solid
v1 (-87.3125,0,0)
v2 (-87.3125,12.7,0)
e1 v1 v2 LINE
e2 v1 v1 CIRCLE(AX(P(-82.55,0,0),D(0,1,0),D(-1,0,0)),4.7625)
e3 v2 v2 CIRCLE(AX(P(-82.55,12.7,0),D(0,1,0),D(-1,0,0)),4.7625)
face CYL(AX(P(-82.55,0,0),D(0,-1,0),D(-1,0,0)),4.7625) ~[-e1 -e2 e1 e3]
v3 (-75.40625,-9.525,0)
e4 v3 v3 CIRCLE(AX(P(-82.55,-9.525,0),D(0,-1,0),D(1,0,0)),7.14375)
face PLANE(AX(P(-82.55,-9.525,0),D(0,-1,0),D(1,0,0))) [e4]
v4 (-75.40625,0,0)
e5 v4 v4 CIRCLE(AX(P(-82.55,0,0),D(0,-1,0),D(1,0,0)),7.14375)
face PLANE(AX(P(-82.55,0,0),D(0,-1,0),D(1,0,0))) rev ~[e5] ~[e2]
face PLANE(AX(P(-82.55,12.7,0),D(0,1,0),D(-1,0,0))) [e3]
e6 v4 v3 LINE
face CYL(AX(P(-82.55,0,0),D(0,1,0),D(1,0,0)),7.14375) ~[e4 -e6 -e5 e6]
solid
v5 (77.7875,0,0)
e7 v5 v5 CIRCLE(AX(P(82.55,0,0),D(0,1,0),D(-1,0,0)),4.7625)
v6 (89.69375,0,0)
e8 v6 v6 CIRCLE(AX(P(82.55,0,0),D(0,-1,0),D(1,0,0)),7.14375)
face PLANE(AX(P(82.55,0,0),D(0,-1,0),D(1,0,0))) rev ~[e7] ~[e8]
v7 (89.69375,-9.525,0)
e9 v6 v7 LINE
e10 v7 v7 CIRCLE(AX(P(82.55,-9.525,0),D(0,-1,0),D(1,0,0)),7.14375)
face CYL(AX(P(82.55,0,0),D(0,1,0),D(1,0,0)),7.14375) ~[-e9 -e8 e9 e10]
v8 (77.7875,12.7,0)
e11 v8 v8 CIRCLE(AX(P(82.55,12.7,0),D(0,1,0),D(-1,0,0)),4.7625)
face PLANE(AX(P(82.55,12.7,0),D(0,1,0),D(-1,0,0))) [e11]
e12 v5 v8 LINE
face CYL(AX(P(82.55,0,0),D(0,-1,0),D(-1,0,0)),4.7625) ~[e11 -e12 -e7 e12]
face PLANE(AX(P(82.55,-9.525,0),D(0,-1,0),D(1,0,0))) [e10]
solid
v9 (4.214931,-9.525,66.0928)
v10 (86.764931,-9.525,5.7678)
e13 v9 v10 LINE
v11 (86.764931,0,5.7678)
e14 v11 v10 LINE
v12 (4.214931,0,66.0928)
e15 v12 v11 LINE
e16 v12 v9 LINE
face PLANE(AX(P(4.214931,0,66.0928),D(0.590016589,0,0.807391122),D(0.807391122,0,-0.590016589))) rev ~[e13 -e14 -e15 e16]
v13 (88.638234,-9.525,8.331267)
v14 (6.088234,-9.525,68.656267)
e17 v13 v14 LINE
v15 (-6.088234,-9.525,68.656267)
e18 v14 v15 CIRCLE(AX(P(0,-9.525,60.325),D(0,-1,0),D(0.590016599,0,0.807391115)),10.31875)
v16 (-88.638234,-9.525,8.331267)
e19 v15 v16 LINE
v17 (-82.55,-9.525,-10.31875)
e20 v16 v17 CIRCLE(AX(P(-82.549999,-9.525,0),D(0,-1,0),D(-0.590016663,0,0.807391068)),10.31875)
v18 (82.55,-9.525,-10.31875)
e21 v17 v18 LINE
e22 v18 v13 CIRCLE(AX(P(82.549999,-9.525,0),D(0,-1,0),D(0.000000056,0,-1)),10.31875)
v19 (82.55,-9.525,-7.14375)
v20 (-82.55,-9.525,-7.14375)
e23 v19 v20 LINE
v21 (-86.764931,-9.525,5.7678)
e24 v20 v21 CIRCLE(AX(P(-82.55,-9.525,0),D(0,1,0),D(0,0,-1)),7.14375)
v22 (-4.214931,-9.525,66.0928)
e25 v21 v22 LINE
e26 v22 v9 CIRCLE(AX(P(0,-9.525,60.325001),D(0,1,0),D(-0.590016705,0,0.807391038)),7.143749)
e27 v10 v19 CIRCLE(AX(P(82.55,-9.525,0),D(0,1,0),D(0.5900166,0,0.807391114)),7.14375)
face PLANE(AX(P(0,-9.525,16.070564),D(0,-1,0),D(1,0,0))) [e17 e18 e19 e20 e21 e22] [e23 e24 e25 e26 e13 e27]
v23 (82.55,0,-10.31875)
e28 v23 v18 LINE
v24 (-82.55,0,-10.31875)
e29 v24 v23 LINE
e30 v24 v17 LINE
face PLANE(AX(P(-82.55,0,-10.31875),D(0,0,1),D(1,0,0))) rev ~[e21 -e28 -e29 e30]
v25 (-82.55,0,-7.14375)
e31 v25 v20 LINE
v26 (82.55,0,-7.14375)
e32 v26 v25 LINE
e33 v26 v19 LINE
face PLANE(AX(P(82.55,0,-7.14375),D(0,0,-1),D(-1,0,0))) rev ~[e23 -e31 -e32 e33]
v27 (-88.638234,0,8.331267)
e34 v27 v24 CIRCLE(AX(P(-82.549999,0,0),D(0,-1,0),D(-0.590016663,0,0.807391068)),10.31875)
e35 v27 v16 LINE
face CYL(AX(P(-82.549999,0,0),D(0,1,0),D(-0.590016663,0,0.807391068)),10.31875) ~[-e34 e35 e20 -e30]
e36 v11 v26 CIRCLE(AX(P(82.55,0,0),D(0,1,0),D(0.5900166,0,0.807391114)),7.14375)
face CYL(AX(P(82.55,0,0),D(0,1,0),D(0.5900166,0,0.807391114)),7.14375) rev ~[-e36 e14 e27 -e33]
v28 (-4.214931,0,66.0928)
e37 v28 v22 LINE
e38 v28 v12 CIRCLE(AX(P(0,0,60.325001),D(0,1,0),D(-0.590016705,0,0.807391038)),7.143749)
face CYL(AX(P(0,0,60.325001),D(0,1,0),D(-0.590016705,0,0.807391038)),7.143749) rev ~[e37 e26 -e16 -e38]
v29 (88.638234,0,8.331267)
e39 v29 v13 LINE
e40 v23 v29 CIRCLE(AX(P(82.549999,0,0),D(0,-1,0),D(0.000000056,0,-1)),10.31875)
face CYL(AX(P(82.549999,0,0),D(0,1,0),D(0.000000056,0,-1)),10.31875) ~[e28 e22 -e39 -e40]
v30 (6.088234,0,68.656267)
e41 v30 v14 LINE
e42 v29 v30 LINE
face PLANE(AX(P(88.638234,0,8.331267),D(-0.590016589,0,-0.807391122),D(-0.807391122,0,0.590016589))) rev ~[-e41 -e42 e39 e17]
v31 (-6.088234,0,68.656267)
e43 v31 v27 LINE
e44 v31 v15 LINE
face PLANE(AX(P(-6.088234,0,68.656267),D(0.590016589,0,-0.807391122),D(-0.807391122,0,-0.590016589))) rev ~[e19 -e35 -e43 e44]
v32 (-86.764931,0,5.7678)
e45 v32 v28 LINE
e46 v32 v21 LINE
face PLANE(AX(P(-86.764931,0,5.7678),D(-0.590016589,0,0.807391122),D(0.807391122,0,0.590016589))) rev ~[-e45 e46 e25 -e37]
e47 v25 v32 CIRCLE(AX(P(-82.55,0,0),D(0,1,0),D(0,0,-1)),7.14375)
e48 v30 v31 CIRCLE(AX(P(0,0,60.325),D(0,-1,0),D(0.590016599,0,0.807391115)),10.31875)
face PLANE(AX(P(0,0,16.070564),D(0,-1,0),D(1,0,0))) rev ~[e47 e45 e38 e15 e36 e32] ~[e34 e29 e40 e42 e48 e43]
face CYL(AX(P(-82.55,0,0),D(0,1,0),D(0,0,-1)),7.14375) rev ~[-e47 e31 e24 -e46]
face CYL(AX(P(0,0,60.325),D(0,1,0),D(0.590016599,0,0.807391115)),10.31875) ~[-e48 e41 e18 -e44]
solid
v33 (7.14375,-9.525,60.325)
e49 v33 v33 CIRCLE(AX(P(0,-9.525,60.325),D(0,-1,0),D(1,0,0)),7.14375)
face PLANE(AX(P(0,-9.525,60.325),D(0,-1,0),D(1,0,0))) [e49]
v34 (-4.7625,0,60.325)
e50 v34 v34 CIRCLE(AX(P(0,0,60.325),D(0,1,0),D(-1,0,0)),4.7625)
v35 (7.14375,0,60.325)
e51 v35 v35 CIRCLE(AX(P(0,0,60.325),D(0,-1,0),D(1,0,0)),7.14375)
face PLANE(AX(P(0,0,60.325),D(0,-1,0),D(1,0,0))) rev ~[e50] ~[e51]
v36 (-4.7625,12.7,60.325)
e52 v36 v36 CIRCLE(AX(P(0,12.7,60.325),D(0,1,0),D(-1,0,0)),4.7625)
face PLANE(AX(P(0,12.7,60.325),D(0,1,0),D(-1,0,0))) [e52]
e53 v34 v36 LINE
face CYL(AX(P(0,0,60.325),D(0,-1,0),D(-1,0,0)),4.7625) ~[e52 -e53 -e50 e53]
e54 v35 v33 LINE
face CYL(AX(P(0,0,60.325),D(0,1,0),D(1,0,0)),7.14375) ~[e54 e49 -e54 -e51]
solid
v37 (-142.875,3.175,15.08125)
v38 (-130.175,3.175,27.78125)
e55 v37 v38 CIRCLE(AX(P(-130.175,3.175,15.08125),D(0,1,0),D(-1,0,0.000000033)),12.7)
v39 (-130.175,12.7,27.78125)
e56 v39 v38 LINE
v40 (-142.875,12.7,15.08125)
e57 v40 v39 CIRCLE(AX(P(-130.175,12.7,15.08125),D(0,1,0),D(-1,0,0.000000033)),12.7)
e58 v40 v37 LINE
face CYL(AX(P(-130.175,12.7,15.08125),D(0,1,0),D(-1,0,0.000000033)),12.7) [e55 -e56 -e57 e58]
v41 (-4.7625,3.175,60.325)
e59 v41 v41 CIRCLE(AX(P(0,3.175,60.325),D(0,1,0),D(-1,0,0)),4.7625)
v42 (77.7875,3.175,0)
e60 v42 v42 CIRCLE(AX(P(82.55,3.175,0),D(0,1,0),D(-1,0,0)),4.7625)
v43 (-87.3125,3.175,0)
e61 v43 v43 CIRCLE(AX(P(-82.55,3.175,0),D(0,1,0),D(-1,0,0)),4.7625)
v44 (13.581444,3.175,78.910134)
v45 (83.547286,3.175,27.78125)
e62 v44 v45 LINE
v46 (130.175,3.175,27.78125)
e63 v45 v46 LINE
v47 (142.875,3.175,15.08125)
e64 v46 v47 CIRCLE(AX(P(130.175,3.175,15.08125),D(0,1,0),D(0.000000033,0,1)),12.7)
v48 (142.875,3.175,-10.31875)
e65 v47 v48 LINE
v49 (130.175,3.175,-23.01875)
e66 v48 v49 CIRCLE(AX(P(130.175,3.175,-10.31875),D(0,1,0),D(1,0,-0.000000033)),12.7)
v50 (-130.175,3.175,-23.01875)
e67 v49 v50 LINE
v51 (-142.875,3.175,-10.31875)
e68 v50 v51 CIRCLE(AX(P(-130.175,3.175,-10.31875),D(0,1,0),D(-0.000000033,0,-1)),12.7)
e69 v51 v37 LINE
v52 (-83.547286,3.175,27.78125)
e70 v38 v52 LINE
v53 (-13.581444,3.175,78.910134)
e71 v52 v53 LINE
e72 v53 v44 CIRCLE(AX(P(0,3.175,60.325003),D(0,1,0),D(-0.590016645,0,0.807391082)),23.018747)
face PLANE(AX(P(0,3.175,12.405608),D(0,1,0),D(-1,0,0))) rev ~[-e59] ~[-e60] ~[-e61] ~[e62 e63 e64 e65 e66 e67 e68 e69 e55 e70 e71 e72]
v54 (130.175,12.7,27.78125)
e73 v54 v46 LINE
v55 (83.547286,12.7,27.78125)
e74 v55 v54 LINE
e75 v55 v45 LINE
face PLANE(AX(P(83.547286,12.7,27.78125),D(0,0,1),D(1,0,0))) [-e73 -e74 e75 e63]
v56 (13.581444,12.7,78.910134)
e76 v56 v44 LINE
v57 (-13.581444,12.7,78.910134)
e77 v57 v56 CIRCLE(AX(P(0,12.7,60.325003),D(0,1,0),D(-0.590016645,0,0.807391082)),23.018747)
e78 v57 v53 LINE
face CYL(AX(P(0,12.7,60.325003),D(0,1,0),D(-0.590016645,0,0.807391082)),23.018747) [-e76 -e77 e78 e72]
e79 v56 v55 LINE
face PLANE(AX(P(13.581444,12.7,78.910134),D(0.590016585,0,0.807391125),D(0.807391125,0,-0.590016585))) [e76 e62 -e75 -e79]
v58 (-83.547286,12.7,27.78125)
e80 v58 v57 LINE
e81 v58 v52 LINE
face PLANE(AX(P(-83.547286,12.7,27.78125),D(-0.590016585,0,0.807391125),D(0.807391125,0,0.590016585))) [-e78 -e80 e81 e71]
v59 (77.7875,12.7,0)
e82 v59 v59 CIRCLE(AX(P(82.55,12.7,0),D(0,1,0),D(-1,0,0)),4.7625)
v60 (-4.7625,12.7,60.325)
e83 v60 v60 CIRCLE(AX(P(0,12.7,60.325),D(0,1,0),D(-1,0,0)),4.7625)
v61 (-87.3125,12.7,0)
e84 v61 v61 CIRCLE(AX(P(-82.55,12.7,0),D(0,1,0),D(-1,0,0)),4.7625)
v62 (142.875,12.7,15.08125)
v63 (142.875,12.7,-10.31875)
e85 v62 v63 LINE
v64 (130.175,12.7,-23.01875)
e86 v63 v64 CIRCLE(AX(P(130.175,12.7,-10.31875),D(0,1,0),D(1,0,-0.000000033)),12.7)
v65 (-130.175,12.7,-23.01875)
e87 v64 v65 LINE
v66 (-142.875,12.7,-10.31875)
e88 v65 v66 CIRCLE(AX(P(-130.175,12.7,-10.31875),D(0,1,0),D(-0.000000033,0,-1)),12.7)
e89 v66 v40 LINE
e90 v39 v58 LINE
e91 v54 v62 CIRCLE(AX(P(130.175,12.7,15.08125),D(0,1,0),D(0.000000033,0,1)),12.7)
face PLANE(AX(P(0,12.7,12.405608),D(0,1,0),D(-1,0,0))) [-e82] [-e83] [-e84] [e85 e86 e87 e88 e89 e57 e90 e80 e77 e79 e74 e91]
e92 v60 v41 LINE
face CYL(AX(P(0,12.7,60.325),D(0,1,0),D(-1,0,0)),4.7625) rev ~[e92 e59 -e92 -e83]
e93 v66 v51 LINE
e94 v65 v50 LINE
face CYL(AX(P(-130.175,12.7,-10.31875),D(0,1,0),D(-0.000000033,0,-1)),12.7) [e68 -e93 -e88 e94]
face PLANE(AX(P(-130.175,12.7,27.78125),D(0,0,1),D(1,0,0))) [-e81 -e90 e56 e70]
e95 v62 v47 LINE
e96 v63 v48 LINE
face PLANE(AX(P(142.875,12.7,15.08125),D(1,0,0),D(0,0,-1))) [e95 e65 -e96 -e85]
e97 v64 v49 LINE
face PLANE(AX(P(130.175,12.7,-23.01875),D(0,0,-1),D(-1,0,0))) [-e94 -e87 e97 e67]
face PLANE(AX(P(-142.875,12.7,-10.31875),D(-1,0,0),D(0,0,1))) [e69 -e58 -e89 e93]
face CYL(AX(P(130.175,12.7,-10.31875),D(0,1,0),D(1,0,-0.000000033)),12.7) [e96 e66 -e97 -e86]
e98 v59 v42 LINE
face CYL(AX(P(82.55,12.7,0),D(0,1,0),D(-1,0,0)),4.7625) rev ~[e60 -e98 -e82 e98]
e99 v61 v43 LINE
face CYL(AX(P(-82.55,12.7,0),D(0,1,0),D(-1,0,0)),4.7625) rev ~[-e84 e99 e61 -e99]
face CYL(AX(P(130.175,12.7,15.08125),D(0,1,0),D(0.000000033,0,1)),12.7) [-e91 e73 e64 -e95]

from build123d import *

# Parameters (mm, degrees)
F0_R     = 7.14375
F1_DEPTH = 9.525
F3_DEPTH = 9.525
F4_R     = 4.7625
F5_DEPTH = 12.7
F6_R     = 4.7625
F7_DEPTH = 9.525


with BuildPart() as f1:
    # F0 (on Front) → F1 (new body)
    with BuildSketch(Plane.XZ):
        with Locations((0, 60.325)):
            Circle(F0_R)
        with Locations((-82.55, 0)):
            Circle(F0_R)
        with Locations((82.55, 0)):
            Circle(F0_R)
    extrude(amount=F1_DEPTH)

    # F4 (on face) → F5 (join)
    with BuildSketch(Plane(origin=(0, 0, 0), x_dir=(-1, 0, 0), z_dir=(0, 1, 0))):
        with Locations((-82.55, 0)):
            Circle(F4_R)
        with Locations((82.55, 0)):
            Circle(F4_R)
        with Locations((0, 60.325)):
            Circle(F4_R)
    extrude(amount=F5_DEPTH)


with BuildPart() as f3:
    # F2 (on Front) → F3 (new body, through all)
    with BuildSketch(Plane.XZ):
        with BuildLine():
            Line((-6.088234, 68.656267), (-88.638234, 8.331267))
            ThreePointArc((-88.638234, 8.331267), (-92.359303, -3.202213), (-82.55, -10.31875))
            Line((-82.55, -10.31875), (82.55, -10.31875))
            ThreePointArc((82.55, -10.31875), (92.359303, -3.202213), (88.638234, 8.331267))
            Line((88.638234, 8.331267), (6.088234, 68.656267))
            ThreePointArc((6.088234, 68.656267), (0, 70.64375), (-6.088234, 68.656267))
        make_face()
        with BuildLine():
            ThreePointArc((-82.55, -7.14375), (-89.341056, -2.216917), (-86.764931, 5.7678))
            Line((-86.764931, 5.7678), (-4.214931, 66.0928))
            ThreePointArc((-4.214931, 66.0928), (0, 67.46875), (4.214931, 66.0928))
            Line((4.214931, 66.0928), (86.764931, 5.7678))
            ThreePointArc((86.764931, 5.7678), (89.341056, -2.216917), (82.55, -7.14375))
            Line((82.55, -7.14375), (-82.55, -7.14375))
        make_face(mode=Mode.SUBTRACT)
    extrude(amount=F3_DEPTH)


with BuildPart() as f7:
    # F6 (on face) → F7 (new body)
    with BuildSketch(Plane(origin=(0, 12.7, 0), x_dir=(-1, 0, 0), z_dir=(0, 1, 0))):
        with BuildLine():
            ThreePointArc((-142.875, -10.31875), (-139.155256, -19.299006), (-130.175, -23.01875))
            Line((-130.175, -23.01875), (130.175, -23.01875))
            ThreePointArc((130.175, -23.01875), (139.155256, -19.299006), (142.875, -10.31875))
            Line((142.875, -10.31875), (142.875, 15.08125))
            ThreePointArc((142.875, 15.08125), (139.155256, 24.061506), (130.175, 27.78125))
            Line((130.175, 27.78125), (83.547286, 27.78125))
            Line((83.547286, 27.78125), (13.581444, 78.910134))
            ThreePointArc((13.581444, 78.910134), (0, 83.34375), (-13.581444, 78.910134))
            Line((-13.581444, 78.910134), (-83.547286, 27.78125))
            Line((-83.547286, 27.78125), (-130.175, 27.78125))
            ThreePointArc((-130.175, 27.78125), (-139.155256, 24.061506), (-142.875, 15.08125))
            Line((-142.875, 15.08125), (-142.875, -10.31875))
        make_face()
        with Locations((-82.55, 0)):
            Circle(F6_R, mode=Mode.SUBTRACT)
        with Locations((82.55, 0)):
            Circle(F6_R, mode=Mode.SUBTRACT)
        with Locations((0, 60.325)):
            Circle(F6_R, mode=Mode.SUBTRACT)
    extrude(amount=-F7_DEPTH)


solid = Compound([f1.part, f3.part, f7.part])
